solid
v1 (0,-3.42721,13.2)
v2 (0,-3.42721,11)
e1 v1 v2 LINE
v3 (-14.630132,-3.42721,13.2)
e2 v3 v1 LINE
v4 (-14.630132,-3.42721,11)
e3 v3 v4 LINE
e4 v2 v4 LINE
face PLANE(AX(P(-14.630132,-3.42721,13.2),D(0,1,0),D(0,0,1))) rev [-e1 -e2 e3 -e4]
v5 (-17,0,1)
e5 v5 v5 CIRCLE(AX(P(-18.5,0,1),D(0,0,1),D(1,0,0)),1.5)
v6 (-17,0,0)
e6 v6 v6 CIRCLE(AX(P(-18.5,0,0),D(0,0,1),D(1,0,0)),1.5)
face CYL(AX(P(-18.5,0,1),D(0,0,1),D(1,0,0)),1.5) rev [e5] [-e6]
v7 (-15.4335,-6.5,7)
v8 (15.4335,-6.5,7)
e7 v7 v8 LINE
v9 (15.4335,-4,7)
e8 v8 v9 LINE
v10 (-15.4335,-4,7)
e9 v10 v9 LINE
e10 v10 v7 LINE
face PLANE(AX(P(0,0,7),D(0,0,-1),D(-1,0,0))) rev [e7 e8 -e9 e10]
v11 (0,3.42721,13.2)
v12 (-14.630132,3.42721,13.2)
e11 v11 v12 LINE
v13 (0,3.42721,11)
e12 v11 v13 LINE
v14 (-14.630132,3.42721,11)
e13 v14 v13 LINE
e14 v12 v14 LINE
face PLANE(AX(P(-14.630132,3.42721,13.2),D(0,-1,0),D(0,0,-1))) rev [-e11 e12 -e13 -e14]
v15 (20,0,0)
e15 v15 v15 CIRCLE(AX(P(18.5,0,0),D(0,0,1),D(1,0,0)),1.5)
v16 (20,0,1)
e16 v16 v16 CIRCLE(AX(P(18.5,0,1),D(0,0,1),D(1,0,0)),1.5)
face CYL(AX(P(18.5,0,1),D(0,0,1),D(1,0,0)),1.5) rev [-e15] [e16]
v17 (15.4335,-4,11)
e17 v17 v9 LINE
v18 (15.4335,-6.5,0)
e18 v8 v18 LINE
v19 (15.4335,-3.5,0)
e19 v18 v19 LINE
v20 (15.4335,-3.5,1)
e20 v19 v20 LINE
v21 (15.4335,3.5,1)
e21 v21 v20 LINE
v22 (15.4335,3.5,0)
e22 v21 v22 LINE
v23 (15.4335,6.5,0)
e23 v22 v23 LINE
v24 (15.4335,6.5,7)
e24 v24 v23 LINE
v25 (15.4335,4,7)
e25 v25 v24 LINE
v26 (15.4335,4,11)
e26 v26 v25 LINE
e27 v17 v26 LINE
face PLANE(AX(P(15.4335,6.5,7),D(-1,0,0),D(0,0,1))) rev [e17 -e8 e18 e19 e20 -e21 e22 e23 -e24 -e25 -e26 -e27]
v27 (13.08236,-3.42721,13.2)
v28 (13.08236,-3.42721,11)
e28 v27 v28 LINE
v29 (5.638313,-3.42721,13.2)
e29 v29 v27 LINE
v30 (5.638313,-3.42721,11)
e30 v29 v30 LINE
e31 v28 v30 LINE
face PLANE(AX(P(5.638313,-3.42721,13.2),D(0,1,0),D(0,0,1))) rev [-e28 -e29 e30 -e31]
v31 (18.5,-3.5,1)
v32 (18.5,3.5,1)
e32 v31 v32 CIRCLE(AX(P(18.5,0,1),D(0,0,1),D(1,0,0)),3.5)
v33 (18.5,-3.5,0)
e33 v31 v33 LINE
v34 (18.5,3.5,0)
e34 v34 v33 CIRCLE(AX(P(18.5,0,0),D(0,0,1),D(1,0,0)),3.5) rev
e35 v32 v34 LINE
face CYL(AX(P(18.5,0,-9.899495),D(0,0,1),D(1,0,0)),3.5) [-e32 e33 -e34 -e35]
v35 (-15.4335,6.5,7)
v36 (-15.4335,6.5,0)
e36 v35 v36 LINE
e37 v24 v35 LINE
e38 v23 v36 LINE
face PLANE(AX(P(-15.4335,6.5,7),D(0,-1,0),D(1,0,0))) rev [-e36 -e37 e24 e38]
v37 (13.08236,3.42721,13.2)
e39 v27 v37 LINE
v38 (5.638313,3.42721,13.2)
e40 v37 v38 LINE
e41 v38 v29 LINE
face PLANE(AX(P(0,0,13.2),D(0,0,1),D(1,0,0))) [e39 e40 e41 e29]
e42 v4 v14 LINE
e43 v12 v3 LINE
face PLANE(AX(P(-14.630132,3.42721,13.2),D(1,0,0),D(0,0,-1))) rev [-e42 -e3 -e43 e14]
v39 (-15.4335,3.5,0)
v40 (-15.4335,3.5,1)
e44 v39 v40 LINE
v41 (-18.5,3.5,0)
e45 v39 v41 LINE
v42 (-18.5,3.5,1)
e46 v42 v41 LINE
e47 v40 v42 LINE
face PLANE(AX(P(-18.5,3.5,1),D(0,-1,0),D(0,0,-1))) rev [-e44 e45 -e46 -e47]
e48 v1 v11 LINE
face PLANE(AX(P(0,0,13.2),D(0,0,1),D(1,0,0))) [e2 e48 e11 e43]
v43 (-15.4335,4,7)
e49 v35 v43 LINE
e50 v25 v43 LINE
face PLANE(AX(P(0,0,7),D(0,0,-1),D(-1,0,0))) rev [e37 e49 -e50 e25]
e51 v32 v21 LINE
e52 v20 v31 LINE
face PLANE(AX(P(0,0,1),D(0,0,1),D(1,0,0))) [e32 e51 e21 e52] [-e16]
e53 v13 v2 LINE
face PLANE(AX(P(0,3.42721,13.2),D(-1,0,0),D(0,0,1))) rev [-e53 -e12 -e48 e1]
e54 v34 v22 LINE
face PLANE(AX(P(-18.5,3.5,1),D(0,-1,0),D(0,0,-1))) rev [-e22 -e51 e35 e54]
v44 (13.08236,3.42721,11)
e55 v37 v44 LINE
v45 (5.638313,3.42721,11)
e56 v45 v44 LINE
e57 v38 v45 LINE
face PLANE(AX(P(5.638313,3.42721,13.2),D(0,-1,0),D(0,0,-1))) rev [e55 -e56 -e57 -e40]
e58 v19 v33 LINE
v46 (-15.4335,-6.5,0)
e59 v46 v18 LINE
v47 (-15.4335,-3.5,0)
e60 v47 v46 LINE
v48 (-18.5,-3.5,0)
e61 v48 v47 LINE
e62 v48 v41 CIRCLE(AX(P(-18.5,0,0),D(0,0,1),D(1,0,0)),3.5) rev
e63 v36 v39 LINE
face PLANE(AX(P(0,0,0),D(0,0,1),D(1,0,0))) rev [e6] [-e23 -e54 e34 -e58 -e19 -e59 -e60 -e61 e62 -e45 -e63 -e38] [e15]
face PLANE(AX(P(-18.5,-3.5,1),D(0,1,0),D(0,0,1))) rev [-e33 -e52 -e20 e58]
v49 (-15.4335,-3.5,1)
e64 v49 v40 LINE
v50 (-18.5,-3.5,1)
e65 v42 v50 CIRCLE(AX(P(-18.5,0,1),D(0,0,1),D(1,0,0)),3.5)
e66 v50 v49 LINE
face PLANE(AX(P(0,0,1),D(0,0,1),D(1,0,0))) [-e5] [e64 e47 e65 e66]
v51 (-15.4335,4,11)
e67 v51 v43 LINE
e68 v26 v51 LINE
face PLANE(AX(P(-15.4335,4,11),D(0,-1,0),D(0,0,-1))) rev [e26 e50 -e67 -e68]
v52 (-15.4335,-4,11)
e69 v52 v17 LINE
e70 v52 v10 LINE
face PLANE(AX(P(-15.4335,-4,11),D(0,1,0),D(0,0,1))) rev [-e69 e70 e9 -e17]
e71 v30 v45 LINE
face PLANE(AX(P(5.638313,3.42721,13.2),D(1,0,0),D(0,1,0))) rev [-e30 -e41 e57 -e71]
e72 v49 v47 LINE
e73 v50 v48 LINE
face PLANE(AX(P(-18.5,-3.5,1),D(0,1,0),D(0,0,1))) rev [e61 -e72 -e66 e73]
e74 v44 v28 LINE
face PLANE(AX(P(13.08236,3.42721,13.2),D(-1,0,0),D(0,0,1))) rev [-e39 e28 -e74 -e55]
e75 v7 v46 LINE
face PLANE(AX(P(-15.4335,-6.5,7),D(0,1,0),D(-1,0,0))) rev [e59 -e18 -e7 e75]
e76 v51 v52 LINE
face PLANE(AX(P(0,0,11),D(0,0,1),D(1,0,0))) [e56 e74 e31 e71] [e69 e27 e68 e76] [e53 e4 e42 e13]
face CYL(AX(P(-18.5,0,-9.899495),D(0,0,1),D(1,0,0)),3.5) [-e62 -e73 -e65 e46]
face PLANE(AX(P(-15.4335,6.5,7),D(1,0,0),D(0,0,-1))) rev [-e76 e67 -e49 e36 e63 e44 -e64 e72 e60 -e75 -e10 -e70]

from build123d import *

# Parameters (mm, degrees)
SKETCH_1_W                = 37
SKETCH_1_H                = 7
EXTRUDE_1_DEPTH           = 1
SKETCH_3_W                = 30.866999712
SKETCH_3_H                = 13
EXTRUDE_2_DEPTH           = 7
SKETCH_4_W                = 30.866999712
SKETCH_4_H                = 8
EXTRUDE_3_DEPTH           = 11
SKETCH_5_W                = 14.630132385
SKETCH_5_H                = 6.854419706
SKETCH_5_W_2              = 7.444047208
EXTRUDE_4_DEPTH           = 13.2
SKETCH_6_R                = 3.5
EXTRUDE_5_DEPTH           = 1
HOLE_WIZARD_3_0_3_1_D     = 3
HOLE_WIZARD_3_0_3_1_DEPTH = 8.5
HOLE_WIZARD_3_0_3_1_TIP   = 0.901290929


with BuildPart() as part:
    # 草图1 → 凸台-拉伸1 (new body)
    with BuildSketch(Plane.XY):
        Rectangle(SKETCH_1_W, SKETCH_1_H)
    extrude(amount=EXTRUDE_1_DEPTH)

    # 草图3 → 凸台-拉伸2 (add)
    with BuildSketch(Plane.XY):
        Rectangle(SKETCH_3_W, SKETCH_3_H)
    extrude(amount=EXTRUDE_2_DEPTH)

    # 草图4 → 凸台-拉伸3 (add)
    with BuildSketch(Plane.XY):
        Rectangle(SKETCH_4_W, SKETCH_4_H)
    extrude(amount=EXTRUDE_3_DEPTH)

    # 草图5 → 凸台-拉伸4 (add)
    with BuildSketch(Plane.XY):
        with Locations((-7.315066193, 0)):
            Rectangle(SKETCH_5_W, SKETCH_5_H)
        with Locations((9.360336589, 0)):
            Rectangle(SKETCH_5_W_2, SKETCH_5_H)
    extrude(amount=EXTRUDE_4_DEPTH)

    # 草图6 → 凸台-拉伸5 (add)
    with BuildSketch(Plane.XY.offset(1)):
        with Locations((18.5, 0)):
            Circle(SKETCH_6_R)
        with Locations((-18.5, 0)):
            Circle(SKETCH_6_R)
    extrude(amount=-EXTRUDE_5_DEPTH)

    # Ø3.0 (3) 直径孔1
    with Locations(Plane.XY.offset(1)):
        with Locations((-18.5, 0), (18.5, 0)):
            Hole(HOLE_WIZARD_3_0_3_1_D / 2, depth=HOLE_WIZARD_3_0_3_1_DEPTH)
            with Locations((0, 0, -(HOLE_WIZARD_3_0_3_1_DEPTH + HOLE_WIZARD_3_0_3_1_TIP / 2))):  # 118° drill point
                Cone(0, HOLE_WIZARD_3_0_3_1_D / 2, HOLE_WIZARD_3_0_3_1_TIP, mode=Mode.SUBTRACT)


solid = part.part
